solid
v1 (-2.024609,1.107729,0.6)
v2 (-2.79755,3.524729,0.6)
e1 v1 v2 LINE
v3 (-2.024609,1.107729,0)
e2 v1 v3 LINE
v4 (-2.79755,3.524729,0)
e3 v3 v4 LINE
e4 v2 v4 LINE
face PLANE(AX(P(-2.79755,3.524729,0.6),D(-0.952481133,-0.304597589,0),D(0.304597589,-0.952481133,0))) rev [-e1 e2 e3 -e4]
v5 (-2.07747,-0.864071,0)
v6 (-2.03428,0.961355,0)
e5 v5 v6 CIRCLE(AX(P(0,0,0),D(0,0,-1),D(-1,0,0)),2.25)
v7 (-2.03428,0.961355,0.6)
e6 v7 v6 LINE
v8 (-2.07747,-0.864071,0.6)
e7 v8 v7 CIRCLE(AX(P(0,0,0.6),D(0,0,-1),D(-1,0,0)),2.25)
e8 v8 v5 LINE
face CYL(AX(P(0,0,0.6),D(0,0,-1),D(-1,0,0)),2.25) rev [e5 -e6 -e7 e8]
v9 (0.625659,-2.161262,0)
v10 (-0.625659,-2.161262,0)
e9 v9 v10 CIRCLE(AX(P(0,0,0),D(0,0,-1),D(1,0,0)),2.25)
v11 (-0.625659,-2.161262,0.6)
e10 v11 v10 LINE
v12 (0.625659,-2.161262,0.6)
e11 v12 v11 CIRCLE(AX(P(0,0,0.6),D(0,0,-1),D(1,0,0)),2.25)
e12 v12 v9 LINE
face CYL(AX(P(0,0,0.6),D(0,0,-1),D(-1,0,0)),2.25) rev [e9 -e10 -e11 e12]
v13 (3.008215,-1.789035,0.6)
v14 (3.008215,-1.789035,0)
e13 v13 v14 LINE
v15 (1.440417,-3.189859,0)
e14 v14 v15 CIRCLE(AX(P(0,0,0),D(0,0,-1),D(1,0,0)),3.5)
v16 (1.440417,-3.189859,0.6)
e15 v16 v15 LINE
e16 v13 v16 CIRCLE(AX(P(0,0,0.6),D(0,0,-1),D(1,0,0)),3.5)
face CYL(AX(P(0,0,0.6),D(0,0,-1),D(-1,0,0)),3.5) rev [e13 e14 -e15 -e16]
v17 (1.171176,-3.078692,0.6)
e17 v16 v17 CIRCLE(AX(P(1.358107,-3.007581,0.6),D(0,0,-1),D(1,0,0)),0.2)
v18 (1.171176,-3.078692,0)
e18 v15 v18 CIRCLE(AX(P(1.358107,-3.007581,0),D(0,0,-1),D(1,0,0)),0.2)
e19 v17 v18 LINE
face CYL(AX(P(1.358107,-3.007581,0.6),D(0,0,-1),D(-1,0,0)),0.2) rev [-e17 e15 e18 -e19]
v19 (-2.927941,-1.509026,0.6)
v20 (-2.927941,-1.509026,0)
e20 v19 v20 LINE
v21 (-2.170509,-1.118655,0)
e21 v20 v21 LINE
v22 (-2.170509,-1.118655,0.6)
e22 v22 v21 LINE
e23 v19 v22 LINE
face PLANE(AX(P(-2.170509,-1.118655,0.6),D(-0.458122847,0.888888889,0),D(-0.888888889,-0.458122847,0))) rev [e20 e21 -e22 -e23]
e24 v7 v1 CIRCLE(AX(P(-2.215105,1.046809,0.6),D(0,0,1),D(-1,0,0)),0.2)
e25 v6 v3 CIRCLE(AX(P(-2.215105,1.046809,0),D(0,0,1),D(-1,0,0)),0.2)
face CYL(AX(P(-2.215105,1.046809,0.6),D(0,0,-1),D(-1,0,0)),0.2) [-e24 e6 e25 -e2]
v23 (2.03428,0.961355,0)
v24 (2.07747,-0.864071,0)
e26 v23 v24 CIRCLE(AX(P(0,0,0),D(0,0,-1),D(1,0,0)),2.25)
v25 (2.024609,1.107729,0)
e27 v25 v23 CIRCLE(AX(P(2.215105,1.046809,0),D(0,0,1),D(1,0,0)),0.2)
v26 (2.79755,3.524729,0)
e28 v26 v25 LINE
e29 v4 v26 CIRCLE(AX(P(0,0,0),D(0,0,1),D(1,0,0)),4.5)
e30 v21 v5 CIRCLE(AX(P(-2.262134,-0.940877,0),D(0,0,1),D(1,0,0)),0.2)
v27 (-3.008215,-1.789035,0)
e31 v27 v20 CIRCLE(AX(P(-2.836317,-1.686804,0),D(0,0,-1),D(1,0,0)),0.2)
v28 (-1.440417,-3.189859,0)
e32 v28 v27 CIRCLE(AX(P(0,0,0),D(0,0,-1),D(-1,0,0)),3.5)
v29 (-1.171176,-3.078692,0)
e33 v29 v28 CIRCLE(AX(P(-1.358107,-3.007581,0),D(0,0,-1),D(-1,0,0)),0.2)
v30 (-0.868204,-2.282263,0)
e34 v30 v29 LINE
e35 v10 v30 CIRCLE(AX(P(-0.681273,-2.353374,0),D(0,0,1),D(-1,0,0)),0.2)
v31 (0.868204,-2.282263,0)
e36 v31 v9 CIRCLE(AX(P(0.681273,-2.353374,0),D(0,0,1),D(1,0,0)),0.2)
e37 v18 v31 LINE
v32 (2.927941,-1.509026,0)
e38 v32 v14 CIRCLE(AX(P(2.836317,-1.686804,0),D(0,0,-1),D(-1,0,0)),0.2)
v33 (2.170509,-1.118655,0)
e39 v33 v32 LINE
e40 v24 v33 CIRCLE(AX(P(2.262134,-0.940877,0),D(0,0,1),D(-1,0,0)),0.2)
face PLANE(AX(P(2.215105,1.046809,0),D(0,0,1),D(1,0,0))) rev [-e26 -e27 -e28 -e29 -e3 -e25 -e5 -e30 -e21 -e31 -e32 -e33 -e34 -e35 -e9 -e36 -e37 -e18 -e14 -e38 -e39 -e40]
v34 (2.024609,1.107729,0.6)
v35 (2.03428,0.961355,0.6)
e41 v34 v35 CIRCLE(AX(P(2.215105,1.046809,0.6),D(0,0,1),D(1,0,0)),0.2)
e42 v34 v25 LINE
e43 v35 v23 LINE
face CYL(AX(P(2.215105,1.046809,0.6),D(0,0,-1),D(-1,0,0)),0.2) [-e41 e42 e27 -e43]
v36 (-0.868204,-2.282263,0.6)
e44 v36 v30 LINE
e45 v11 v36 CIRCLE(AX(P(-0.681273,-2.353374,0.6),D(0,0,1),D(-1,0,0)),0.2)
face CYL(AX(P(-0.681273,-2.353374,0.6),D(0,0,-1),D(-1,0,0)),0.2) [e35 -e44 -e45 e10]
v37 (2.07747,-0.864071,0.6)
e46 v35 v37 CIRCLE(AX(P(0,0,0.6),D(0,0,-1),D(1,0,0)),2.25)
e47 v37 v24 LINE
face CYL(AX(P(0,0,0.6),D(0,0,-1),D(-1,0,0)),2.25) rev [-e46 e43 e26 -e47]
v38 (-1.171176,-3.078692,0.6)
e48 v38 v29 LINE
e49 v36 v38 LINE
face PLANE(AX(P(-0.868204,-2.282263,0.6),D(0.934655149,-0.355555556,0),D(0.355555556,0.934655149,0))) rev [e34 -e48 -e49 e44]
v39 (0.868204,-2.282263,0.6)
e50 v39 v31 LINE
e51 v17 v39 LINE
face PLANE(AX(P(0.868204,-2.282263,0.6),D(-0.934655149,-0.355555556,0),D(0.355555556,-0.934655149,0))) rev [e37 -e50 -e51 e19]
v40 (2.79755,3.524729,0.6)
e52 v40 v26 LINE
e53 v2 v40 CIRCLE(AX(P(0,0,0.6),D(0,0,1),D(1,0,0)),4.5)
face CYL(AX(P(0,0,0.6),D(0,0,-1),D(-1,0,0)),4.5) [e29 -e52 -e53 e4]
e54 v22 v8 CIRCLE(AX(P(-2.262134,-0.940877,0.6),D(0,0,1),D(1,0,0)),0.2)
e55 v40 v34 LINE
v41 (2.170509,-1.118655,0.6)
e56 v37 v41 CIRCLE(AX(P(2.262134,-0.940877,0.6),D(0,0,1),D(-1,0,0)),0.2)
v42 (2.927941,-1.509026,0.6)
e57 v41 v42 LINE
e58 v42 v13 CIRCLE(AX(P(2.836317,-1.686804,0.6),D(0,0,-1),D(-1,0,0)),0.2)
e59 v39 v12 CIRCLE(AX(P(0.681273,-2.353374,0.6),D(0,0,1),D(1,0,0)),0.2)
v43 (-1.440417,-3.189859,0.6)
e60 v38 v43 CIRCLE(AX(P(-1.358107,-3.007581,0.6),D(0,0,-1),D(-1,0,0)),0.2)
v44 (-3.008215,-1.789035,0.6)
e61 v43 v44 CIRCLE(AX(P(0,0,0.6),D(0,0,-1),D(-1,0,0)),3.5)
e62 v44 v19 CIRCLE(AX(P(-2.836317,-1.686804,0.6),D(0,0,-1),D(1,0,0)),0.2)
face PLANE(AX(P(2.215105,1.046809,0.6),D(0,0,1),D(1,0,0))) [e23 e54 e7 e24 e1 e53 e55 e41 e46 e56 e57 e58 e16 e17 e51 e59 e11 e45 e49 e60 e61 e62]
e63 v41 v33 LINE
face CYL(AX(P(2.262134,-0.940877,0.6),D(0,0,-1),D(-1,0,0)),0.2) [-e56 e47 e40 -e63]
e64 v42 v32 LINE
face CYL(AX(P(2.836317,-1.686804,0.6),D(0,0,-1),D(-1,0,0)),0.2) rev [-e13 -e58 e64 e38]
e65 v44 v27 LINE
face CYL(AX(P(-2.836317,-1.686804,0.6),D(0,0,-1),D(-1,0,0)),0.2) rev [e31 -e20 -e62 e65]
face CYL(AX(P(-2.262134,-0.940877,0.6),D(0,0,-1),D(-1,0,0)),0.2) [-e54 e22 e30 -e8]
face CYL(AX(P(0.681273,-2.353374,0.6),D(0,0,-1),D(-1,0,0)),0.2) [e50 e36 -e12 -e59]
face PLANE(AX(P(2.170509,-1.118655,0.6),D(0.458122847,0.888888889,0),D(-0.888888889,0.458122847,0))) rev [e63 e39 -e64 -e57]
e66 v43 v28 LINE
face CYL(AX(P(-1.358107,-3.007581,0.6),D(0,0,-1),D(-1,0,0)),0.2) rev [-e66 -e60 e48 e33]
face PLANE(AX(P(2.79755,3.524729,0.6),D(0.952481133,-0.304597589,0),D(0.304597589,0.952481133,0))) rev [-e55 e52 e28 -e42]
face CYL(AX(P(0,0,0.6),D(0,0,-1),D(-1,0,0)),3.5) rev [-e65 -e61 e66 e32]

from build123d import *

# Parameters (mm, degrees)
BOSS_EXTRUDE1_DEPTH = 0.6


with BuildPart() as part:
    # Sketch1 → Boss-Extrude1 (new body)
    with BuildSketch(Plane.XY):
        with BuildLine():
            Line((2.7975505, 3.524728529), (2.024608864, 1.107728687))
            ThreePointArc((2.024608864, 1.107728687), (2.015540231, 1.033623325), (2.034280186, 0.961355359))
            ThreePointArc((2.034280186, 0.961355359), (2.249370488, 0.053220369), (2.077469984, -0.864070869))
            ThreePointArc((2.077469984, -0.864070869), (2.074285356, -1.009527687), (2.170509413, -1.118654946))
            Line((2.170509413, -1.118654946), (2.927941172, -1.50902634))
            ThreePointArc((2.927941172, -1.50902634), (3.02857216, -1.63168787), (3.008214578, -1.78903467))
            ThreePointArc((3.008214578, -1.78903467), (2.331985815, -2.609950605), (1.440417044, -3.189858734))
            ThreePointArc((1.440417044, -3.189858734), (1.281779829, -3.192443437), (1.171176469, -3.078692203))
            Line((1.171176469, -3.078692203), (0.868203765, -2.282262523))
            ThreePointArc((0.868203765, -2.282262523), (0.770555129, -2.174408123), (0.625658635, -2.1612615))
            ThreePointArc((0.625658635, -2.1612615), (0, -2.25), (-0.625658635, -2.1612615))
            ThreePointArc((-0.625658635, -2.1612615), (-0.770555129, -2.174408123), (-0.868203765, -2.282262523))
            Line((-0.868203765, -2.282262523), (-1.171176469, -3.078692203))
            ThreePointArc((-1.171176469, -3.078692203), (-1.281779829, -3.192443437), (-1.440417044, -3.189858734))
            ThreePointArc((-1.440417044, -3.189858734), (-2.331985815, -2.609950605), (-3.008214578, -1.78903467))
            ThreePointArc((-3.008214578, -1.78903467), (-3.02857216, -1.63168787), (-2.927941172, -1.50902634))
            Line((-2.927941172, -1.50902634), (-2.170509413, -1.118654946))
            ThreePointArc((-2.170509413, -1.118654946), (-2.074285356, -1.009527687), (-2.077469984, -0.864070869))
            ThreePointArc((-2.077469984, -0.864070869), (-2.249370488, 0.053220369), (-2.034280186, 0.961355359))
            ThreePointArc((-2.034280186, 0.961355359), (-2.015540231, 1.033623325), (-2.024608864, 1.107728687))
            Line((-2.024608864, 1.107728687), (-2.7975505, 3.524728529))
            ThreePointArc((-2.7975505, 3.524728529), (0, -4.5), (2.7975505, 3.524728529))
        make_face()
    extrude(amount=BOSS_EXTRUDE1_DEPTH)


solid = part.part
